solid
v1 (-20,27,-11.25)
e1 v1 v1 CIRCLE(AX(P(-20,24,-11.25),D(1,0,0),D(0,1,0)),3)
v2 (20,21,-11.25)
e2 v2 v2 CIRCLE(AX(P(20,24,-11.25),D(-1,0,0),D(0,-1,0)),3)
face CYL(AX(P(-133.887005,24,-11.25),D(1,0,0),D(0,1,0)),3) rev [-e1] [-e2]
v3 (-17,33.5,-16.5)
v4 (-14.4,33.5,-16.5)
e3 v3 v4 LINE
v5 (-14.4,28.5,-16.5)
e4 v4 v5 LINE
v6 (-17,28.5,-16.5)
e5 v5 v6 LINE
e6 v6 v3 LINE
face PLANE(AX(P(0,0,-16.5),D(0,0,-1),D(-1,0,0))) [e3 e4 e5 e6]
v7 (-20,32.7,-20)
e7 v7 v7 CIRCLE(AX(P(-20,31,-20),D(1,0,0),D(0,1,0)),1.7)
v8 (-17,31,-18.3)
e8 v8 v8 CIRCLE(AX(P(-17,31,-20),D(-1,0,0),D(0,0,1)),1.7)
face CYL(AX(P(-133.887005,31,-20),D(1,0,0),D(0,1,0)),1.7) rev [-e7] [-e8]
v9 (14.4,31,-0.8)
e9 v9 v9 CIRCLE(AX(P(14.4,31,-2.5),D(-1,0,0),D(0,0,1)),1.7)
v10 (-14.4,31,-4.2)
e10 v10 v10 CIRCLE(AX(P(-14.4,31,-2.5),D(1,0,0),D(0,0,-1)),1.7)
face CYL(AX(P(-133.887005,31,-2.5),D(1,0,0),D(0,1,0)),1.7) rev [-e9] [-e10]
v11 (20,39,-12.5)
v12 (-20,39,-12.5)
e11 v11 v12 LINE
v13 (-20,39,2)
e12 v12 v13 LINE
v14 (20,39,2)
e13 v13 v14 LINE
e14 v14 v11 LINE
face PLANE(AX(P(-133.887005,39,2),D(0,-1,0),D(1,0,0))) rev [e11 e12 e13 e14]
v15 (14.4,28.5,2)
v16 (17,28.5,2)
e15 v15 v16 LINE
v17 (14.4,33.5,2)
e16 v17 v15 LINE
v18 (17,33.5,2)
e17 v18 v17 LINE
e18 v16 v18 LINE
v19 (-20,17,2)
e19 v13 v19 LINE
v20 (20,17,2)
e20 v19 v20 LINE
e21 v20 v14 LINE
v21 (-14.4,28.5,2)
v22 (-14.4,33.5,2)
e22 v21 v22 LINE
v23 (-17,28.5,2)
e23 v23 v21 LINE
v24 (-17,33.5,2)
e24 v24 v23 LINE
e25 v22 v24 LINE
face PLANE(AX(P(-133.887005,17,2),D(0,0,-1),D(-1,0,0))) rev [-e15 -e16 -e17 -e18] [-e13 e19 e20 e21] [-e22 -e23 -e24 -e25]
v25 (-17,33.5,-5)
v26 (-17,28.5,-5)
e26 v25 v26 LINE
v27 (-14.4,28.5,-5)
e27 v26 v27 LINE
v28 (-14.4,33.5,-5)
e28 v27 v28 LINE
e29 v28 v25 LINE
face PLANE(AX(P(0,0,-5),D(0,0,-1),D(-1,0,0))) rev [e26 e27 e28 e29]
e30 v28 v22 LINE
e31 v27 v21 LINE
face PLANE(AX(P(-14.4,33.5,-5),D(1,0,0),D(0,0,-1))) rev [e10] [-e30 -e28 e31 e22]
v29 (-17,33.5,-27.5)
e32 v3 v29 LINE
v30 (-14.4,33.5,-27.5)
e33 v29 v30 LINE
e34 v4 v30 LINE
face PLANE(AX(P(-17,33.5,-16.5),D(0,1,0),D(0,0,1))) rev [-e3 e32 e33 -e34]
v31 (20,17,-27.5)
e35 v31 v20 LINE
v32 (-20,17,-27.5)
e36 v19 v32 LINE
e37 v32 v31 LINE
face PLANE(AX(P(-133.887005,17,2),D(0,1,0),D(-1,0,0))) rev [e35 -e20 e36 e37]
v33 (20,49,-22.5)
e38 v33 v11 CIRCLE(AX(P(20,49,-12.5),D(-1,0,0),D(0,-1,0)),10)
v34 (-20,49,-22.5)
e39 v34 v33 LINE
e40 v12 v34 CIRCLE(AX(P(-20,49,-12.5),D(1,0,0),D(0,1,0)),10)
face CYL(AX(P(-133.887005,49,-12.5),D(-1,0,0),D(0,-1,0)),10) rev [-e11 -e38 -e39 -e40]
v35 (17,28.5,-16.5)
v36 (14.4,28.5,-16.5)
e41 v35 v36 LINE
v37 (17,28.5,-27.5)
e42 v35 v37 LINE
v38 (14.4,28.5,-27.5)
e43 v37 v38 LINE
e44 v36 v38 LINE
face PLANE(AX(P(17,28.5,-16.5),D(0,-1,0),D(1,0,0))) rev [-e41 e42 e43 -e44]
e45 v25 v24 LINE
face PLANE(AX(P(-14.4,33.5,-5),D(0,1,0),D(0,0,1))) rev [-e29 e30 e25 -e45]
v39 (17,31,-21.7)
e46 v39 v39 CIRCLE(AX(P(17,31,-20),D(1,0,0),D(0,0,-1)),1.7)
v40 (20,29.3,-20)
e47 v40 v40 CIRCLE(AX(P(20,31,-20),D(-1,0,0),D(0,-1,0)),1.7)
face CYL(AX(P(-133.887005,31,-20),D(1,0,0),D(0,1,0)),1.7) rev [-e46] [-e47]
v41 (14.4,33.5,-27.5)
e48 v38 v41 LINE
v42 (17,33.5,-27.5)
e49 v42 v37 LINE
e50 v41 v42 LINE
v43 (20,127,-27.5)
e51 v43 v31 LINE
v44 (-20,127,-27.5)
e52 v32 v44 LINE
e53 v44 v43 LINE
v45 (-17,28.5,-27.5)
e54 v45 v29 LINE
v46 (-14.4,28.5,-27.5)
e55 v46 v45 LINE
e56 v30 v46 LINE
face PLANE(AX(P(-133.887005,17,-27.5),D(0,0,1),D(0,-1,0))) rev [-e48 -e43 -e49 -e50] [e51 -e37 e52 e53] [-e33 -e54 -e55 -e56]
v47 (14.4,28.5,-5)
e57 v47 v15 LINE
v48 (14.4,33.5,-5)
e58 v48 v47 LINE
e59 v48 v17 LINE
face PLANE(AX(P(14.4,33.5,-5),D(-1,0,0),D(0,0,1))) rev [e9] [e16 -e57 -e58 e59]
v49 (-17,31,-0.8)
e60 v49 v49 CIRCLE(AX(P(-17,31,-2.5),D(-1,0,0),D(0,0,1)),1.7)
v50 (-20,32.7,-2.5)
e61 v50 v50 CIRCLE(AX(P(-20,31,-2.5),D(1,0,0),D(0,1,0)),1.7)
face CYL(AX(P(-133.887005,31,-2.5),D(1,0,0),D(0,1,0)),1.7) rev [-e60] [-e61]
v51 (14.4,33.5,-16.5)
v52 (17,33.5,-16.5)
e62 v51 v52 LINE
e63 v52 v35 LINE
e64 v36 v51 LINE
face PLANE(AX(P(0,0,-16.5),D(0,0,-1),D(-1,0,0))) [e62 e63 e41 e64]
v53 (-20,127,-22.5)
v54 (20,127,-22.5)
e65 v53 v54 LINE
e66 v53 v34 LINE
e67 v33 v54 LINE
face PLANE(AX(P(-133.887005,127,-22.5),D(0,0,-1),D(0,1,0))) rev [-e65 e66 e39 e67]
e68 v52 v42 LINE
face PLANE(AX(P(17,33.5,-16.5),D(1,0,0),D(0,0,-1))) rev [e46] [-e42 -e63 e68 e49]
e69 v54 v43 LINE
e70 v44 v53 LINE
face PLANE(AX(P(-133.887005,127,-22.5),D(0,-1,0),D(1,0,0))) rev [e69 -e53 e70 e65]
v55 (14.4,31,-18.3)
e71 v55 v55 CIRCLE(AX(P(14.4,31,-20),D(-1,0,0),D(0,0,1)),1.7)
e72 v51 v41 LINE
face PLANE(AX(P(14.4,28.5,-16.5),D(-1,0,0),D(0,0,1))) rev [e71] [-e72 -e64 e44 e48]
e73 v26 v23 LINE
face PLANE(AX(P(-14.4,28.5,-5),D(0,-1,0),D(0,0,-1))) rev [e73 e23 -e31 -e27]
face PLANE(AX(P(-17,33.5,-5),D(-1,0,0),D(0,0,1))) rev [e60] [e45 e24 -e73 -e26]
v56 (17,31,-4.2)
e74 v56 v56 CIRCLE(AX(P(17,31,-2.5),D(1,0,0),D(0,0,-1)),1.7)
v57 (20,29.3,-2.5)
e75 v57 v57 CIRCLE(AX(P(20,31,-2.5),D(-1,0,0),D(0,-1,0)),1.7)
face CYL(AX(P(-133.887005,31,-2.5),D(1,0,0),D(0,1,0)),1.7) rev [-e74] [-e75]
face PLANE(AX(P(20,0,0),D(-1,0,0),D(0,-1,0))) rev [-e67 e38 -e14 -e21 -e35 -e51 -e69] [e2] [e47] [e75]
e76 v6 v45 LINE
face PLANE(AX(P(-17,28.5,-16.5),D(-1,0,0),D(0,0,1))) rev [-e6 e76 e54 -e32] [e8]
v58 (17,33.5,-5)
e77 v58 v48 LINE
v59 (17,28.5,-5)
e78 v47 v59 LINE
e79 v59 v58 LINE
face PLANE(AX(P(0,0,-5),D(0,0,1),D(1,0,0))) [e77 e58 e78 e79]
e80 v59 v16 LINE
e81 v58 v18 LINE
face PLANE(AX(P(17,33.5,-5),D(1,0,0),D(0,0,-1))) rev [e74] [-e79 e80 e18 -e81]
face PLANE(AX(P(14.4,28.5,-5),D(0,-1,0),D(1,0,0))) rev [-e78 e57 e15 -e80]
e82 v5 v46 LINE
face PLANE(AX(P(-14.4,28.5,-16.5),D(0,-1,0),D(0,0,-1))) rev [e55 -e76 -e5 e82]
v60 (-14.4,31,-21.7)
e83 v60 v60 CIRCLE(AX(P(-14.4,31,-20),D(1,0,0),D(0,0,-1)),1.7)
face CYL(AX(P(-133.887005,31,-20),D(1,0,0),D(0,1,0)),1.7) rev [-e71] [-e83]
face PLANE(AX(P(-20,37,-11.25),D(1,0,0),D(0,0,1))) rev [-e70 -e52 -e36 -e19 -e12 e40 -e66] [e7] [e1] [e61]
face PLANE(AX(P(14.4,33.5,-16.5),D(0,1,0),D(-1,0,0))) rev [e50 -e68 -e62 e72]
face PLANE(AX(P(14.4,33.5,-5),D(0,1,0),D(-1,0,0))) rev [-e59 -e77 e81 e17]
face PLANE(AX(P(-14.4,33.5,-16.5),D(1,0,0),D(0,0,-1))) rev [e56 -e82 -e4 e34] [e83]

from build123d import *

# Parameters (mm, degrees)
SKETCH1_R           = 3
SKETCH1_R_2         = 1.7
BOSS_EXTRUDE1_DEPTH = 40
FILLET1_R           = 10
SKETCH2_W           = 2.6
SKETCH2_H           = 5
CUT_EXTRUDE1_DEPTH  = 7
SKETCH3_W           = 2.6
SKETCH3_H           = 5
CUT_EXTRUDE2_DEPTH  = 11


with BuildPart() as part:
    # Sketch1 → Boss-Extrude1 (new body)
    with BuildSketch(Plane.ZY.offset(-20)):
        Polygon((2, 17), (-27.5, 17), (-27.5, 127), (-22.5, 127), (-22.5, 39), (2, 39), align=None)
        with Locations(Location((-11.25, 24, 0), (0, 0, 90))):
            Circle(SKETCH1_R, mode=Mode.SUBTRACT)
        with Locations(Location((-2.5, 31, 0), (0, 0, 90))):
            Circle(SKETCH1_R_2, mode=Mode.SUBTRACT)
        with Locations(Location((-20, 31, 0), (0, 0, 90))):
            Circle(SKETCH1_R_2, mode=Mode.SUBTRACT)
    extrude(amount=BOSS_EXTRUDE1_DEPTH)

    # Fillet1
    fillet1_edges = [part.edges().sort_by_distance(p)[0] for p in [
        (0, 39, -22.5),
    ]]
    fillet(fillet1_edges, radius=FILLET1_R)

    # Sketch2 → Cut-Extrude1 (cut)
    with BuildSketch(Plane.XY.offset(2)):
        with Locations((15.7, 31)):
            Rectangle(SKETCH2_W, SKETCH2_H)
        with Locations((-15.7, 31)):
            Rectangle(SKETCH2_W, SKETCH2_H)
    extrude(amount=-CUT_EXTRUDE1_DEPTH, mode=Mode.SUBTRACT)

    # Sketch3 → Cut-Extrude2 (cut)
    with BuildSketch(Plane(origin=(0, 0, -27.5), x_dir=(-1, 0, 0), z_dir=(0, 0, -1))):
        with Locations((15.7, 31)):
            Rectangle(SKETCH3_W, SKETCH3_H)
        with Locations((-15.7, 31)):
            Rectangle(SKETCH3_W, SKETCH3_H)
    extrude(amount=-CUT_EXTRUDE2_DEPTH, mode=Mode.SUBTRACT)


solid = part.part
